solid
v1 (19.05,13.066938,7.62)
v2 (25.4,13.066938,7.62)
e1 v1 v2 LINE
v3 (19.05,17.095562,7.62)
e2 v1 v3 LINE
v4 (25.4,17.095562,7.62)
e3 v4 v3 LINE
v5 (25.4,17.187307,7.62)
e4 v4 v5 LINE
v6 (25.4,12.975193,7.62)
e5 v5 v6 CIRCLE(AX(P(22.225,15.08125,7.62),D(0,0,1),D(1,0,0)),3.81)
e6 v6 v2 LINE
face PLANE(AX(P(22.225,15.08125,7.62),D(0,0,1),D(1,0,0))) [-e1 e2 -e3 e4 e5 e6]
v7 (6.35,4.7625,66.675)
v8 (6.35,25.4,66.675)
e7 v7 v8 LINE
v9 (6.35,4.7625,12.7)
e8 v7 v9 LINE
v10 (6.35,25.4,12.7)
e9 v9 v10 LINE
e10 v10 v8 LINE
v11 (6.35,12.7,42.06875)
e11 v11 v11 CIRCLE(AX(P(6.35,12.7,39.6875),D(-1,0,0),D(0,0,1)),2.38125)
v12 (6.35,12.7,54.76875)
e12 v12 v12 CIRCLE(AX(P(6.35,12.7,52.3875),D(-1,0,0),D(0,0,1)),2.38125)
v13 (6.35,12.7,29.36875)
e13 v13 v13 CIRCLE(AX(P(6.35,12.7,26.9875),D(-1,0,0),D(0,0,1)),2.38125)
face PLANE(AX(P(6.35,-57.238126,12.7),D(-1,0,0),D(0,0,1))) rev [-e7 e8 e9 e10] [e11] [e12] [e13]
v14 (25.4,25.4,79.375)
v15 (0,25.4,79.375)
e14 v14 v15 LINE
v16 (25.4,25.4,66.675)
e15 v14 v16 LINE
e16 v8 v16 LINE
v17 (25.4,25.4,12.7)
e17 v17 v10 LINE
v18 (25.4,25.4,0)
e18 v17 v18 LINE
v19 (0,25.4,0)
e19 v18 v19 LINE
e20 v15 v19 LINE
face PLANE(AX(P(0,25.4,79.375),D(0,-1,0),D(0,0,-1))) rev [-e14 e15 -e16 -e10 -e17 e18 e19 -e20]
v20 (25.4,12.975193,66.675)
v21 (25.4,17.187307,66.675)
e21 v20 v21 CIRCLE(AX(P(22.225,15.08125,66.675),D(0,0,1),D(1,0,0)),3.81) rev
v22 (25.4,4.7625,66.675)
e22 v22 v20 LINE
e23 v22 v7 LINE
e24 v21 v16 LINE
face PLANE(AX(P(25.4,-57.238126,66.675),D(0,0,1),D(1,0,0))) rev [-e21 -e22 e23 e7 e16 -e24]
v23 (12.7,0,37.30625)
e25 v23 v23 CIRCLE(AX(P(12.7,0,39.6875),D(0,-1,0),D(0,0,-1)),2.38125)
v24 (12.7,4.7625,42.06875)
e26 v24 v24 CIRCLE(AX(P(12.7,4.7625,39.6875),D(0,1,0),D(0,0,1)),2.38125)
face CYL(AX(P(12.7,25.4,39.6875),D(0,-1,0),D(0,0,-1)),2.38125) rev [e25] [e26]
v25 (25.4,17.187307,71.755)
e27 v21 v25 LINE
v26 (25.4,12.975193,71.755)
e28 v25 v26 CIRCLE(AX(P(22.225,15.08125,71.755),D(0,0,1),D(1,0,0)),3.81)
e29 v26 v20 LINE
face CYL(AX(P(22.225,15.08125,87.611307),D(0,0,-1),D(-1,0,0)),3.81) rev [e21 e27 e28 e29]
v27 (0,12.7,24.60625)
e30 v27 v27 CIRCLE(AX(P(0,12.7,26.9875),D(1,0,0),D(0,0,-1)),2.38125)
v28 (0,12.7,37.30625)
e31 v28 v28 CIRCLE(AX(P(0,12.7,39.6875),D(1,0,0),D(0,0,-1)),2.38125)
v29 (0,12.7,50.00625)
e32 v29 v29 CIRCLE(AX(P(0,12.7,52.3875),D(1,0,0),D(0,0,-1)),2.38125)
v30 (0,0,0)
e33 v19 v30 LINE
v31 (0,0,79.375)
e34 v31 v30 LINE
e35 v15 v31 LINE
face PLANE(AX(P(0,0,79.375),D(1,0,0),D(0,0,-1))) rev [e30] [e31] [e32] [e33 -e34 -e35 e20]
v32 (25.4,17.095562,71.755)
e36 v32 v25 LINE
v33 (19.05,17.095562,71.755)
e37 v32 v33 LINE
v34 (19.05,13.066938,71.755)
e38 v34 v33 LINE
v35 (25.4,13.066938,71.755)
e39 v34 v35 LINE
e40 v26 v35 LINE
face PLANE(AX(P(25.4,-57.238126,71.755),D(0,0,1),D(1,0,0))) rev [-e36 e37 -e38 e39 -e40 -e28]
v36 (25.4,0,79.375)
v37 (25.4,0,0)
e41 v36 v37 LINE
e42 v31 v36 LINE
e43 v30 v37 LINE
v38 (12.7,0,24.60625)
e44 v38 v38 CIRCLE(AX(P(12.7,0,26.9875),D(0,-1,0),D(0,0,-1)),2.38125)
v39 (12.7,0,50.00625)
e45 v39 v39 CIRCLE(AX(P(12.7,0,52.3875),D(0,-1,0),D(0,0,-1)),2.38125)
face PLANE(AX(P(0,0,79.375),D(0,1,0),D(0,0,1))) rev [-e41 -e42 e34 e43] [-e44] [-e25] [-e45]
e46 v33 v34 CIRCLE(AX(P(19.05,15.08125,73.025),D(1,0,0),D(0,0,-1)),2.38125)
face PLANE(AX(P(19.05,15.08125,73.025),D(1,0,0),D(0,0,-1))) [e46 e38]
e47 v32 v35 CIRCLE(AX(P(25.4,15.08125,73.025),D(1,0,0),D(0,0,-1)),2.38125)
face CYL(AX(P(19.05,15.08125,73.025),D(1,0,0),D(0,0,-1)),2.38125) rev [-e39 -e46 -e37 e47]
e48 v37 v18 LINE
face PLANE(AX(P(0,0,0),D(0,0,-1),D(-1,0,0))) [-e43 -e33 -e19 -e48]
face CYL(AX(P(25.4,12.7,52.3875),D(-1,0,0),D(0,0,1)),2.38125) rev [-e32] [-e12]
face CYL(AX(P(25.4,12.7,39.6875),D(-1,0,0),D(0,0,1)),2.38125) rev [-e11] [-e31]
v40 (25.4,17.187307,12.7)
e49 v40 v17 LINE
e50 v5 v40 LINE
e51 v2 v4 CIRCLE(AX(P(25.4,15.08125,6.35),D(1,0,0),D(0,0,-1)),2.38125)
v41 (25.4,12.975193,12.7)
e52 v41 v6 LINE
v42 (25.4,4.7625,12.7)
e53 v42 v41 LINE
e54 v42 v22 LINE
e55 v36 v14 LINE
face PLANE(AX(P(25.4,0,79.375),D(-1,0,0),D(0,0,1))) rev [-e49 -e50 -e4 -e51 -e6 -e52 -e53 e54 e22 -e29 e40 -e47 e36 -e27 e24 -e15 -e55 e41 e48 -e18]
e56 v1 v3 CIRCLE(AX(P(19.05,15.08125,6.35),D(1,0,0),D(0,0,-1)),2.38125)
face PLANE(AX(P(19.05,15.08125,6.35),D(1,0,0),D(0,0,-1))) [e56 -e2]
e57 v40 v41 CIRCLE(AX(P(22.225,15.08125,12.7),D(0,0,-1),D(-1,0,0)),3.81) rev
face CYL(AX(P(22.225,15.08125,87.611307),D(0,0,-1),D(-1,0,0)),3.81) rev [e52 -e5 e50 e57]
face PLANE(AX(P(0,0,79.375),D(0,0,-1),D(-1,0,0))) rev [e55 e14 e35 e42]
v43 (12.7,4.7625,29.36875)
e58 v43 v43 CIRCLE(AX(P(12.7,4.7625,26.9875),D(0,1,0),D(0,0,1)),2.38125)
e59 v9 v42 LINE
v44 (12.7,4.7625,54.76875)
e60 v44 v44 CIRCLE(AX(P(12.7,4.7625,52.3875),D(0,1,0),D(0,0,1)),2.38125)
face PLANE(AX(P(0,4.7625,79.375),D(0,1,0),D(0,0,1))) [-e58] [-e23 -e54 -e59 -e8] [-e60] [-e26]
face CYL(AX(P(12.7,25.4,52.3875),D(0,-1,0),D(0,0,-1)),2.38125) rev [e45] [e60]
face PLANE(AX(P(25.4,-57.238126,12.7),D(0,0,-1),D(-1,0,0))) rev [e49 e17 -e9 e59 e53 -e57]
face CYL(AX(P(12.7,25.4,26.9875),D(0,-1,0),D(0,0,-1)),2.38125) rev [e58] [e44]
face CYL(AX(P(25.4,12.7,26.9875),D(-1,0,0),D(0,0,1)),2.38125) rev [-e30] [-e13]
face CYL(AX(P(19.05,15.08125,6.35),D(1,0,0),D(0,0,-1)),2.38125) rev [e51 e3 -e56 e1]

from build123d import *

# Parameters (mm, degrees)
SKETCH1_W               = 25.4
SKETCH1_H               = 25.4
BOSS_EXTRUDE1_DEPTH     = 79.375
SKETCH2_W               = 19.05
SKETCH2_H               = 53.975
CUT_EXTRUDE1_DEPTH      = 20.6375
CUT_EXTRUDE2_DEPTH      = 88.124684361
CUT_EXTRUDE2_DEPTH_BACK = 88.124684361
SKETCH3_R               = 2.38125
CUT_EXTRUDE3_DEPTH      = 88.124684361
CUT_EXTRUDE3_DEPTH_BACK = 88.124684361
SKETCH4_R               = 2.38125
CUT_EXTRUDE4_DEPTH      = 59.055
CUT_EXTRUDE4_DEPTH_BACK = 5.08
SKETCH6_R               = 3.81
SKETCH8_R               = 2.38125
CUT_EXTRUDE5_DEPTH      = 6.35


with BuildPart() as part:
    # Sketch1 → Boss-Extrude1 (new body)
    with BuildSketch(Plane.XY):
        with Locations((12.7, 12.7)):
            Rectangle(SKETCH1_W, SKETCH1_H)
    extrude(amount=BOSS_EXTRUDE1_DEPTH)

    # Sketch2 → Cut-Extrude1 (cut)
    with BuildSketch(Plane(origin=(0, 25.4, 0), x_dir=(1, 0, 0), z_dir=(0, 1, 0))):
        with Locations((15.875, -39.6875)):
            Rectangle(SKETCH2_W, SKETCH2_H)
    extrude(amount=-CUT_EXTRUDE1_DEPTH, mode=Mode.SUBTRACT)

    # Sketch3 → Cut-Extrude2 (cut, two sides: drawn at the far end of the back side and taken through both)
    with BuildSketch(Plane.ZY.offset(-CUT_EXTRUDE2_DEPTH_BACK)):
        with Locations((26.9875, 12.7)):
            Circle(SKETCH3_R)
        with Locations((39.6875, 12.7)):
            Circle(SKETCH3_R)
        with Locations((52.3875, 12.7)):
            Circle(SKETCH3_R)
    extrude(amount=CUT_EXTRUDE2_DEPTH + CUT_EXTRUDE2_DEPTH_BACK, mode=Mode.SUBTRACT)

    # Sketch4 → Cut-Extrude3 (cut, two sides: drawn at the far end of the back side and taken through both)
    with BuildSketch(Plane.XZ.offset(-CUT_EXTRUDE3_DEPTH_BACK)):
        with Locations(Location((12.7, 52.3875, 0), (0, 0, 270))):
            Circle(SKETCH4_R)
        with Locations(Location((12.7, 39.6875, 0), (0, 0, 270))):
            Circle(SKETCH4_R)
        with Locations(Location((12.7, 26.9875, 0), (0, 0, 270))):
            Circle(SKETCH4_R)
    extrude(amount=CUT_EXTRUDE3_DEPTH + CUT_EXTRUDE3_DEPTH_BACK, mode=Mode.SUBTRACT)

    # Sketch6 → Cut-Extrude4 (cut, two sides: drawn at the far end of the back side and taken through both)
    with BuildSketch(Plane.XY.offset(12.7).offset(-CUT_EXTRUDE4_DEPTH_BACK)):
        with Locations((22.225, 15.08125)):
            Circle(SKETCH6_R)
    extrude(amount=CUT_EXTRUDE4_DEPTH + CUT_EXTRUDE4_DEPTH_BACK, mode=Mode.SUBTRACT)

    # Sketch8 → Cut-Extrude5 (cut)
    with BuildSketch(Plane(origin=(25.4, 0, 0), x_dir=(0, 0, -1), z_dir=(1, 0, 0))):
        with Locations((-73.025, 15.08125)):
            Circle(SKETCH8_R)
        with Locations((-6.35, 15.08125)):
            Circle(SKETCH8_R)
    extrude(amount=-CUT_EXTRUDE5_DEPTH, mode=Mode.SUBTRACT)


solid = part.part
